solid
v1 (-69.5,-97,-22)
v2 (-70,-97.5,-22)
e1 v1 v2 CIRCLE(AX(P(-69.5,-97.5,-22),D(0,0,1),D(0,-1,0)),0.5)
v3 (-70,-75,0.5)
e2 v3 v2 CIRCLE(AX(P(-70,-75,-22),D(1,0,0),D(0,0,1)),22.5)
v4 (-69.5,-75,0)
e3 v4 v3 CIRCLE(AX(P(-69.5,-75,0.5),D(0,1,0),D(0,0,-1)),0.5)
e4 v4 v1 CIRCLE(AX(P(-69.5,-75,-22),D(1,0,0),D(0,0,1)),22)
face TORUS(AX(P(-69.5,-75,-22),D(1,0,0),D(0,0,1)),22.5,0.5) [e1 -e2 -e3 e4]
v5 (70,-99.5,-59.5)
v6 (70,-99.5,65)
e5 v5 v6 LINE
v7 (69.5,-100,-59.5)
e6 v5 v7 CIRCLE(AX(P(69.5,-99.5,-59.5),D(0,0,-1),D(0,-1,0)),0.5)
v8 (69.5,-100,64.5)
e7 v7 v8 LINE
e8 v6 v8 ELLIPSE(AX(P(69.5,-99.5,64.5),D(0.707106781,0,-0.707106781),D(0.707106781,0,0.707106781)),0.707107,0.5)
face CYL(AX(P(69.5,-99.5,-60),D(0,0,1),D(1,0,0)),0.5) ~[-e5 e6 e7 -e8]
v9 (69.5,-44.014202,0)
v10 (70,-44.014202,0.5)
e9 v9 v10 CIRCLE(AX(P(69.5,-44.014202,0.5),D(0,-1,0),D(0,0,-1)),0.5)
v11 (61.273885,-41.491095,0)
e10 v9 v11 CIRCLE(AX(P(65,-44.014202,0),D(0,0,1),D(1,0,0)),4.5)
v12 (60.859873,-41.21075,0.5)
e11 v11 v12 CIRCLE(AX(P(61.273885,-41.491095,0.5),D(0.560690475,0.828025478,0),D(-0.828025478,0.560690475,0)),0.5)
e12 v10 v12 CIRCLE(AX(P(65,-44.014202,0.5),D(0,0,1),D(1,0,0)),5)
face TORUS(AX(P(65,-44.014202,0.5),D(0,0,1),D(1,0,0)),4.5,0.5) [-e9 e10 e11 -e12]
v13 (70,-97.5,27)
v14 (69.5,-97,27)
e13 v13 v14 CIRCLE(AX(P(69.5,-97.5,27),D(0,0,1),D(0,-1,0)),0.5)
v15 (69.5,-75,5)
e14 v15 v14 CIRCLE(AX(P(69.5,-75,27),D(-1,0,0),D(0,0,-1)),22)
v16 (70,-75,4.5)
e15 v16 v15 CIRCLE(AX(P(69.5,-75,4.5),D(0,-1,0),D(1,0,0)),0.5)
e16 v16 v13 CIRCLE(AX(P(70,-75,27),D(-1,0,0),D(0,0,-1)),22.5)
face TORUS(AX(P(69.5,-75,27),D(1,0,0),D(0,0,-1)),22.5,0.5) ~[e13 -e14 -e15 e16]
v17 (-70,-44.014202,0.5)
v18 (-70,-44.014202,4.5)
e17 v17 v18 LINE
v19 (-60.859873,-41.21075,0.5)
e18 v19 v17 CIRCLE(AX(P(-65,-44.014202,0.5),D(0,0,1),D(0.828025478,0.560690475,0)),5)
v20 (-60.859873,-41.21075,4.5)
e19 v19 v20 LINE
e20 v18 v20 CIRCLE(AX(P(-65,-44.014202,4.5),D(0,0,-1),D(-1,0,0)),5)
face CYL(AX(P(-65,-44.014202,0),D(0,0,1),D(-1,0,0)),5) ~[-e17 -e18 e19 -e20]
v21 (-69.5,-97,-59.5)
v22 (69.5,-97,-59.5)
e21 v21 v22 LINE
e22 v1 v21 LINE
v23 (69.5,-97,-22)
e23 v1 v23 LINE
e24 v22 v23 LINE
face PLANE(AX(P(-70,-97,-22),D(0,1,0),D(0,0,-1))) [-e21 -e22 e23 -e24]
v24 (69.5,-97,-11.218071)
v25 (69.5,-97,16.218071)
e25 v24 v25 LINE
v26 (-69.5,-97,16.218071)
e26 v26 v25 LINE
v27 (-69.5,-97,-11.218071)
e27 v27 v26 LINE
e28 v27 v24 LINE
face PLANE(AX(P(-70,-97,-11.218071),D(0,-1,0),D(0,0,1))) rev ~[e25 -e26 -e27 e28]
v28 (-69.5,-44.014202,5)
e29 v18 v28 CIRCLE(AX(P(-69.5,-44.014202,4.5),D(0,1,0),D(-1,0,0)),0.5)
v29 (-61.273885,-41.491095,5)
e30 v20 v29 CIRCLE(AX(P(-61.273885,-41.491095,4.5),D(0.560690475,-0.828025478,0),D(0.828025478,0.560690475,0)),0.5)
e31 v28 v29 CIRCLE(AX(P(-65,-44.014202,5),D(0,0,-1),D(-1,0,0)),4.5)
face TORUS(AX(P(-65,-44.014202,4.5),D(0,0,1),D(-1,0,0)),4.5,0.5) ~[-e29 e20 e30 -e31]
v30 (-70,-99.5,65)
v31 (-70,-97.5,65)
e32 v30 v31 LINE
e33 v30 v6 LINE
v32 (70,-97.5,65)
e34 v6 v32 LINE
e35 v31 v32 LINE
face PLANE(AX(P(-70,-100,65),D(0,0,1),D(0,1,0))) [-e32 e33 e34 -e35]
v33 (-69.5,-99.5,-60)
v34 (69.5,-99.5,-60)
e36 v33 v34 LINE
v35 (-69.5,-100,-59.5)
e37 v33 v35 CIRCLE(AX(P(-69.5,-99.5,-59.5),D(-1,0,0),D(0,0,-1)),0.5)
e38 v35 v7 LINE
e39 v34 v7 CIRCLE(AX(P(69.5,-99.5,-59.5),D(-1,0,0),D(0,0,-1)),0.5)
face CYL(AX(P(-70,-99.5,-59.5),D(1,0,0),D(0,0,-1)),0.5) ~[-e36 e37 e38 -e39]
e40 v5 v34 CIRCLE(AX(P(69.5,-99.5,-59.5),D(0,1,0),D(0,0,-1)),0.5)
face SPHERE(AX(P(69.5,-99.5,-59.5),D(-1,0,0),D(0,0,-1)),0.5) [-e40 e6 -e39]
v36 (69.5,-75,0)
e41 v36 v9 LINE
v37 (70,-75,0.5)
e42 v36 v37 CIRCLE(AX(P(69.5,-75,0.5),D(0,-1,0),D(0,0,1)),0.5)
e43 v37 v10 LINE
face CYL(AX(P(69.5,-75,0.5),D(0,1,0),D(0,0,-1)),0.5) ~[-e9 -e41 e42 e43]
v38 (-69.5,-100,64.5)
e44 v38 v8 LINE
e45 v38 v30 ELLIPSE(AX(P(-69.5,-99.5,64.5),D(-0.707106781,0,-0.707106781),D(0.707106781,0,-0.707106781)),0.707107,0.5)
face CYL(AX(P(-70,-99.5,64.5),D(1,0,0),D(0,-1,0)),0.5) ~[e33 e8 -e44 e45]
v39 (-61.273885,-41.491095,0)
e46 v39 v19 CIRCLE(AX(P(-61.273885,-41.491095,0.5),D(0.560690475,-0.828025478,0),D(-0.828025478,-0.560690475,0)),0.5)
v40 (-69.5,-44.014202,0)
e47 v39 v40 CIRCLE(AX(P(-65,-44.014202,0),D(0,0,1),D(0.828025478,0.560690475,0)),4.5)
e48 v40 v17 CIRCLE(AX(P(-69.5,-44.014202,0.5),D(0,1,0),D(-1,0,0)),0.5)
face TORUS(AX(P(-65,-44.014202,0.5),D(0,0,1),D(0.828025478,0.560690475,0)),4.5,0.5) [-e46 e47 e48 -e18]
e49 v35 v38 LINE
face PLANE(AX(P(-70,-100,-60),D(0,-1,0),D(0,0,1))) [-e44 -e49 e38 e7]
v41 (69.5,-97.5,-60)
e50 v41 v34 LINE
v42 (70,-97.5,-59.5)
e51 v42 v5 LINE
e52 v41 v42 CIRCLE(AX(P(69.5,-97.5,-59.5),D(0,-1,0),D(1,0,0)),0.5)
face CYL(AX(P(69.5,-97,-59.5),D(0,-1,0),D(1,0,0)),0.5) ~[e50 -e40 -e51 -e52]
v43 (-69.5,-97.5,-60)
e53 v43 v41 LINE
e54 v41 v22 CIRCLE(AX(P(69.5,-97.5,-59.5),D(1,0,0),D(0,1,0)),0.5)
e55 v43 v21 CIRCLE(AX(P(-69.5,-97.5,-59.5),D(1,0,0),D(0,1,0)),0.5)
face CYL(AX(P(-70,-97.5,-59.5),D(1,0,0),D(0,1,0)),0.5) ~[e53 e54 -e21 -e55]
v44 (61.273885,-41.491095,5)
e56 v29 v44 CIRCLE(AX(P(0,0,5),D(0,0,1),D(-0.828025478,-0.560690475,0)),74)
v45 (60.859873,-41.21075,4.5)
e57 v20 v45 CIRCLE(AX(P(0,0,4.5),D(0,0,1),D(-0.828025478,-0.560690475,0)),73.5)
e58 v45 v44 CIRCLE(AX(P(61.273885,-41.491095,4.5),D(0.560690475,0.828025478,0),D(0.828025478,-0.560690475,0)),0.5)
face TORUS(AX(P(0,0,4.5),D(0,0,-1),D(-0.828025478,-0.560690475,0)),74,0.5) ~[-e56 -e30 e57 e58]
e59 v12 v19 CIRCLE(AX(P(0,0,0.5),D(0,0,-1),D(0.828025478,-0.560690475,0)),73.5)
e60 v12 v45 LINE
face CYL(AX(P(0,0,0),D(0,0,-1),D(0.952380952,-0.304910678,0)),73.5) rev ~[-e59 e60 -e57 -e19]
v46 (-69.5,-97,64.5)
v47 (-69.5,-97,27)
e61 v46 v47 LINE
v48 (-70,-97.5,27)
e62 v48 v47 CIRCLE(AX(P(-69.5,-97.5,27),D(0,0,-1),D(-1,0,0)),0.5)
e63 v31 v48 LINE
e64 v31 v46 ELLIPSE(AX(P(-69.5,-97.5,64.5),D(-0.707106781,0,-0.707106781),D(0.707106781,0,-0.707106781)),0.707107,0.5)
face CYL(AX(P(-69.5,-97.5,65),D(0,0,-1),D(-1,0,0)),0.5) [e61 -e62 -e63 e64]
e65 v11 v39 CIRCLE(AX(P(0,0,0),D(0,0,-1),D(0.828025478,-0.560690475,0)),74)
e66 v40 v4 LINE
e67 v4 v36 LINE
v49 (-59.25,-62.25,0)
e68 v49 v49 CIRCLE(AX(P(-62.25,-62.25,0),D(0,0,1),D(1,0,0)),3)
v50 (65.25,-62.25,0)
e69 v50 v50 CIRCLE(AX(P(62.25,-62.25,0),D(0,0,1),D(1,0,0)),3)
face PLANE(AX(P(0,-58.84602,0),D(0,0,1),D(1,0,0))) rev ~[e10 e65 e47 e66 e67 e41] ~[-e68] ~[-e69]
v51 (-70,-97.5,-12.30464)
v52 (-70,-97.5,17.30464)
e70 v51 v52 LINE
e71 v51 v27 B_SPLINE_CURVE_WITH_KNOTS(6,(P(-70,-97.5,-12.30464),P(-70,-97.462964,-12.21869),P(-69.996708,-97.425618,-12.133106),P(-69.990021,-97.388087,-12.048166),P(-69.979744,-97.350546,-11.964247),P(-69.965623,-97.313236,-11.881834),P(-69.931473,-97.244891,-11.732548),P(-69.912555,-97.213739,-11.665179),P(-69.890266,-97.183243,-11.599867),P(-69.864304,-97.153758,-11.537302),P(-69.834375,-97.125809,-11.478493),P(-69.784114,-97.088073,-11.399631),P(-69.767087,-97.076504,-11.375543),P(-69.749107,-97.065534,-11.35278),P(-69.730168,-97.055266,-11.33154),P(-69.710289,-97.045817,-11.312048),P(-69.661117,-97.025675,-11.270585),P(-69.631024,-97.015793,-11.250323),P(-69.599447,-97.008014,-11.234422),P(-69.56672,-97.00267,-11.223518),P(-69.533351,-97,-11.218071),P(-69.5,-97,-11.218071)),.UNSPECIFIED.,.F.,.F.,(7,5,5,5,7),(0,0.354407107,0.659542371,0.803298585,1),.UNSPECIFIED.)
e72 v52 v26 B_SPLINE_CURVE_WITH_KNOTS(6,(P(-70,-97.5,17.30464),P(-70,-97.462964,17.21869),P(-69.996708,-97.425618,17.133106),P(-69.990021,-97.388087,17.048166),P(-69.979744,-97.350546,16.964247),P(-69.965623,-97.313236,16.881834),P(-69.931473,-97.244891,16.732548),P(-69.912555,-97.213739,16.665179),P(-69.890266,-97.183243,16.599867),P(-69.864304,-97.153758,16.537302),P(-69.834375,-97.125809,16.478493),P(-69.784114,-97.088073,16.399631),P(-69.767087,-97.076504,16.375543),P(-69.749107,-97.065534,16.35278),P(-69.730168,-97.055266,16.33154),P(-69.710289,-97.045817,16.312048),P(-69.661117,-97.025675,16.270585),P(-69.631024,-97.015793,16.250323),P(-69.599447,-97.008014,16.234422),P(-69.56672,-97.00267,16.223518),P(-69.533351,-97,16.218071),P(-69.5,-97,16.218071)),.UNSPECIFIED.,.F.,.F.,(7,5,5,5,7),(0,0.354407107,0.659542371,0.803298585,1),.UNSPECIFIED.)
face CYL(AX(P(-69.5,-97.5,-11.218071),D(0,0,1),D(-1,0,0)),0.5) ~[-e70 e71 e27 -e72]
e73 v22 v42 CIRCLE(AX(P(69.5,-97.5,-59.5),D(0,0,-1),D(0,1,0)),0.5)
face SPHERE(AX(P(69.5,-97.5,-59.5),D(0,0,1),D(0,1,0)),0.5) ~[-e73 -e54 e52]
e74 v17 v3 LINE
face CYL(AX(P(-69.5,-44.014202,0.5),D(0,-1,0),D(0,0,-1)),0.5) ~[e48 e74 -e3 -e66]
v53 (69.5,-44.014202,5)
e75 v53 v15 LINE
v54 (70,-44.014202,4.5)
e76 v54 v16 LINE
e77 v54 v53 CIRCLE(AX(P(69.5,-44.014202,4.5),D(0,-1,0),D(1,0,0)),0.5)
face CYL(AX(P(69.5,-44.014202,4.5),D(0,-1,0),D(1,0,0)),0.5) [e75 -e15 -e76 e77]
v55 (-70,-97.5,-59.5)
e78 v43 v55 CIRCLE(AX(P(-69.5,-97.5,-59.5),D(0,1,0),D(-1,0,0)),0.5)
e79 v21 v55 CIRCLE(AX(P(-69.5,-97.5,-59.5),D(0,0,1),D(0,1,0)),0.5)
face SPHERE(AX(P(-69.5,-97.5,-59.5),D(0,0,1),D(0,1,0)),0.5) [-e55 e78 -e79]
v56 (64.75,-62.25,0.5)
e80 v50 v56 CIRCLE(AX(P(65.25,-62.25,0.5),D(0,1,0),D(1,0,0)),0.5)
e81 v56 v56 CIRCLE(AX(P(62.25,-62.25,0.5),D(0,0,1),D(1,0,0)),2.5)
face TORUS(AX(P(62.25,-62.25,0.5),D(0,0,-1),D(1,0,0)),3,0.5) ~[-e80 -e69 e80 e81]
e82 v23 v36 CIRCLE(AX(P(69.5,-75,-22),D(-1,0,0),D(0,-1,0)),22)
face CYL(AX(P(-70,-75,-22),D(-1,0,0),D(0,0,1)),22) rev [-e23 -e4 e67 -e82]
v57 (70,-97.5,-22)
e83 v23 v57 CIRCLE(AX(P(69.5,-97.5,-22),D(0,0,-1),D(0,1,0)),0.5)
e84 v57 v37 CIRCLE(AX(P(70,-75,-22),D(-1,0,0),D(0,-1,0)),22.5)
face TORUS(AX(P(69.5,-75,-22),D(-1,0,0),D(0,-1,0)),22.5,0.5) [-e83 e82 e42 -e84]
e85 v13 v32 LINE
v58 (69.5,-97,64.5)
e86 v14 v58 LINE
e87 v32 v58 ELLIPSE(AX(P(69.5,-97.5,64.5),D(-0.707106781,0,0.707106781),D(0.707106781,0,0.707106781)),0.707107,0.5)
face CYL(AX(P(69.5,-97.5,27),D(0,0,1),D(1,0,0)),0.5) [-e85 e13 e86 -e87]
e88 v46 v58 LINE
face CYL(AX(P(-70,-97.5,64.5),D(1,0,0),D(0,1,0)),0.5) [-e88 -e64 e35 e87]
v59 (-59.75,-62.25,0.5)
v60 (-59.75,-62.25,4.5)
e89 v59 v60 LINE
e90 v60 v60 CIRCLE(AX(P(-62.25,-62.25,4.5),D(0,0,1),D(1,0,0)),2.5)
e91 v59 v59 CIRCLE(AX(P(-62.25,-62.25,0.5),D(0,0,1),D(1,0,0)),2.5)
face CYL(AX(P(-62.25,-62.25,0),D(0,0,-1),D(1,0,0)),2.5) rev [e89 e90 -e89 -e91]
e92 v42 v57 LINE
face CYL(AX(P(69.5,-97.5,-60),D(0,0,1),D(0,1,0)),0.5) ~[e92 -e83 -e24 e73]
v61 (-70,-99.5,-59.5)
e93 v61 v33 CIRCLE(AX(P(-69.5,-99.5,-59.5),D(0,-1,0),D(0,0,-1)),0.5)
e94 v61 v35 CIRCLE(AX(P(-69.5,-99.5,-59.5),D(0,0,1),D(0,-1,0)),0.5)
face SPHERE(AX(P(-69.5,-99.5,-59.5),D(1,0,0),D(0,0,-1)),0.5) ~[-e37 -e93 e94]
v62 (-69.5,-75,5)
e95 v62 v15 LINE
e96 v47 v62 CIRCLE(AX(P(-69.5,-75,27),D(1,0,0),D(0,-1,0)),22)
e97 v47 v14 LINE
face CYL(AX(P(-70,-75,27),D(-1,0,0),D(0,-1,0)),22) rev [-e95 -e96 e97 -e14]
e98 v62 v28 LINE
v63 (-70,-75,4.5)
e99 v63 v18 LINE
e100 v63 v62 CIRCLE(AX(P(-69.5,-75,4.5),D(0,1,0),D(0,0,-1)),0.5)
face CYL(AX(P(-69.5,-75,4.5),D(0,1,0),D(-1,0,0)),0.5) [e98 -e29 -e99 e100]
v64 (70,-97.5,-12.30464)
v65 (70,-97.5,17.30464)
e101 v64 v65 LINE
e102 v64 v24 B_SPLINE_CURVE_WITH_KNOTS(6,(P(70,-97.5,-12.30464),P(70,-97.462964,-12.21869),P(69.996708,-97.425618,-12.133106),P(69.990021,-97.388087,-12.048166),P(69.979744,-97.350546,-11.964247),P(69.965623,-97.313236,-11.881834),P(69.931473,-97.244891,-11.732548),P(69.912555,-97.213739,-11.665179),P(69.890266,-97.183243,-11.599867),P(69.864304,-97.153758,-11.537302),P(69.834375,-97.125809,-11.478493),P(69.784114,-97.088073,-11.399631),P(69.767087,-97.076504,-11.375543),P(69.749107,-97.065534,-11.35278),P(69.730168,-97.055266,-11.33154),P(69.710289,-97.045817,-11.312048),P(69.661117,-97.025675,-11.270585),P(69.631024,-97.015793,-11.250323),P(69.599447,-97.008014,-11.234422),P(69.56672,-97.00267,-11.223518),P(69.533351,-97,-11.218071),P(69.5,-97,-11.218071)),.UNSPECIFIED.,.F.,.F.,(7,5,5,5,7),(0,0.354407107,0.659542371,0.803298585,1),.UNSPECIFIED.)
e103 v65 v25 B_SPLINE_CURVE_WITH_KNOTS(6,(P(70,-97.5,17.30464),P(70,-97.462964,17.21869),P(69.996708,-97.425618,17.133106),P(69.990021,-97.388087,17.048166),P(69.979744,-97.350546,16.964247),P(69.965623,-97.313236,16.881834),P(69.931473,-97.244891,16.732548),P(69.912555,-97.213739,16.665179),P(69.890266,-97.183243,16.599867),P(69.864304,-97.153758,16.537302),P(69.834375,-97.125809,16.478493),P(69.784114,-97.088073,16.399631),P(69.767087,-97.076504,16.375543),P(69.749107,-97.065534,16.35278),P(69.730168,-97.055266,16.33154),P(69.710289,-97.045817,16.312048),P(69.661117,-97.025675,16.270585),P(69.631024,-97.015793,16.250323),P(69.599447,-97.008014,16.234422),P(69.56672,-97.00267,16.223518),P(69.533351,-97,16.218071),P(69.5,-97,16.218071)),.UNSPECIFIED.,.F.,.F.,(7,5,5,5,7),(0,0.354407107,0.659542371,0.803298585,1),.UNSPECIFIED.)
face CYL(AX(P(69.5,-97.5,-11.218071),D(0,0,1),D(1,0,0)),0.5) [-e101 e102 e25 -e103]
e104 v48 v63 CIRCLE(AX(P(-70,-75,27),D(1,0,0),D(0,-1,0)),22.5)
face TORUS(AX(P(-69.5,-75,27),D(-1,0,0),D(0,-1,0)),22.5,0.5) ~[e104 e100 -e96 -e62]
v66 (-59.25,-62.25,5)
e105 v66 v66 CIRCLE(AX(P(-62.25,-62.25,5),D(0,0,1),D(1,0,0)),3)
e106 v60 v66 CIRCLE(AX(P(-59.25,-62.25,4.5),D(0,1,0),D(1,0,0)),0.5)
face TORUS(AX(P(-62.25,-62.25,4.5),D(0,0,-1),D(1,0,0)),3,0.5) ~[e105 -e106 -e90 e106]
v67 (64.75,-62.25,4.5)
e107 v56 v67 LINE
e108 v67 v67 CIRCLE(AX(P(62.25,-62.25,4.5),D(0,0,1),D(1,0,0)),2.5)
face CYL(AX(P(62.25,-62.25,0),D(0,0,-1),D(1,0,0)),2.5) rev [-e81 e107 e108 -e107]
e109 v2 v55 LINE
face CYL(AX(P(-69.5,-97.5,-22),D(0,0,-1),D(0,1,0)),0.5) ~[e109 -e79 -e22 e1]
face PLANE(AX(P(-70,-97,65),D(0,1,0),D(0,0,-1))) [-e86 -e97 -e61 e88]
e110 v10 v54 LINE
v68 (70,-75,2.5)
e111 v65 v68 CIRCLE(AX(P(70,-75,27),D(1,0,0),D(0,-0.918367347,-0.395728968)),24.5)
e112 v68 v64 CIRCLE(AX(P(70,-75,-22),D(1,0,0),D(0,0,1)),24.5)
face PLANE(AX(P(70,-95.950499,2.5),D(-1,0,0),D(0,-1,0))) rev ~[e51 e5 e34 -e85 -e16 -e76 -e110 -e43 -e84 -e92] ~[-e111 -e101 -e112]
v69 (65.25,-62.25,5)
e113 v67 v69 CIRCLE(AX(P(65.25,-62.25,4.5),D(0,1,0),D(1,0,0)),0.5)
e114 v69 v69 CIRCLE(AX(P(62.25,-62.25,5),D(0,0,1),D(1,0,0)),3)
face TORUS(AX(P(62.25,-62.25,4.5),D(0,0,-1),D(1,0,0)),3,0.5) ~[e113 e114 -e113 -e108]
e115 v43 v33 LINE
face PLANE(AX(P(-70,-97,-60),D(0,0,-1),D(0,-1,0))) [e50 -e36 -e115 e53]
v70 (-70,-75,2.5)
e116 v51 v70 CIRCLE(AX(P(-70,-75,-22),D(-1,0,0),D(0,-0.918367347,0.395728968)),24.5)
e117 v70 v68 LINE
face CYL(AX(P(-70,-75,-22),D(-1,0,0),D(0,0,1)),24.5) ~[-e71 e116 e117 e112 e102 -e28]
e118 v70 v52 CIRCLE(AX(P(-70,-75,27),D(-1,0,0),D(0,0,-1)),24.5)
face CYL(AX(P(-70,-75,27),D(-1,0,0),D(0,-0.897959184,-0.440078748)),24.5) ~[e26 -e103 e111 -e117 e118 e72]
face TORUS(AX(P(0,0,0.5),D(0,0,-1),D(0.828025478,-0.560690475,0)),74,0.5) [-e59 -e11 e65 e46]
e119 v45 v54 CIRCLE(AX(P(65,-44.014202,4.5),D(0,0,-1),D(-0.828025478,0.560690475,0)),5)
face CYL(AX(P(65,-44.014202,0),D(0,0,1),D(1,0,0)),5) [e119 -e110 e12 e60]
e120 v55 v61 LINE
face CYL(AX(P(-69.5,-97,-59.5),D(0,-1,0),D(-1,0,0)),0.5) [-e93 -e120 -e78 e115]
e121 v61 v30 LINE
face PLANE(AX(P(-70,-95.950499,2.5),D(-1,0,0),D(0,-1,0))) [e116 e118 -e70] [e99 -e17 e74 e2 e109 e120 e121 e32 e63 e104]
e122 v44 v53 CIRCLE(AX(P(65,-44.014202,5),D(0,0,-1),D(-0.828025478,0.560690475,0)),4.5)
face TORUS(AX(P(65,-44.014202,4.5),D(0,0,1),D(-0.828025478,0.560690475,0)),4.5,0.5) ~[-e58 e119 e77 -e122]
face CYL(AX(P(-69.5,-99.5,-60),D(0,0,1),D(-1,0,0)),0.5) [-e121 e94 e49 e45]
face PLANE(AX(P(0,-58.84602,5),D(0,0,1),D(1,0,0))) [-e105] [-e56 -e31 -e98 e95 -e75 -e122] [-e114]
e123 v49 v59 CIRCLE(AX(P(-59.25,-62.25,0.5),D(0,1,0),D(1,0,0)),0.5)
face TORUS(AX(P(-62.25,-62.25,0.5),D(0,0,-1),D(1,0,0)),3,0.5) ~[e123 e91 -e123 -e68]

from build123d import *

# Parameters (mm, degrees)
F0_R     = 2.5
F1_DEPTH = 5
F3_DEPTH = 140
F4_DEPTH = 140.001
F5_R     = 5
F6_R     = 0.5


with BuildPart() as f1:
    # F0 (on Top) → F1 (new body)
    with BuildSketch(Plane.XY):
        with BuildLine():
            ThreePointArc((70, -22.410934831), (0, -73.5), (-70, -22.410934831))
            Line((-70, -22.410934831), (-70, -75))
            Line((-70, -75), (70, -75))
            Line((70, -75), (70, -22.410934831))
        make_face()
        with Locations((-62.25, -62.25)):
            Circle(F0_R, mode=Mode.SUBTRACT)
        with Locations((62.25, -62.25)):
            Circle(F0_R, mode=Mode.SUBTRACT)
    extrude(amount=F1_DEPTH)

    # F2 (on face) → F3 (join, through all)
    with BuildSketch(Plane(origin=(-70, 0, 0), x_dir=(0, -1, 0), z_dir=(-1, 0, 0))):
        with BuildLine():
            ThreePointArc((75, 0), (90.5563491861, -6.4436508139), (97, -22))
            Line((97, -22), (97, -60))
            Line((97, -60), (100, -60))
            Line((100, -60), (100, 65))
            Line((100, 65), (97, 65))
            Line((97, 65), (97, 27))
            ThreePointArc((97, 27), (90.5563491861, 11.4436508139), (75, 5))
            Line((75, 5), (75, 2.5))
            Line((75, 2.5), (75, 0))
        make_face()
        with BuildLine():
            ThreePointArc((97, -11.2180706736), (87.9632698711, -1.2104922076), (75, 2.5))
            ThreePointArc((75, 2.5), (87.9632698711, 6.2104922076), (97, 16.2180706736))
            Line((97, 16.2180706736), (97, -11.2180706736))
        make_face(mode=Mode.SUBTRACT)
        with BuildLine():
            ThreePointArc((97, 16.2180706736), (87.9632698711, 6.2104922076), (75, 2.5))
            ThreePointArc((75, 2.5), (87.9632698711, -1.2104922076), (97, -11.2180706736))
            Line((97, -11.2180706736), (97, 16.2180706736))
        make_face()
    extrude(amount=-F3_DEPTH)

    # F2 (on face) → F4 (cut, through all)
    with BuildSketch(Plane(origin=(-70, 0, 0), x_dir=(0, -1, 0), z_dir=(-1, 0, 0))):
        with BuildLine():
            ThreePointArc((97, 16.2180706736), (87.9632698711, 6.2104922076), (75, 2.5))
            ThreePointArc((75, 2.5), (87.9632698711, -1.2104922076), (97, -11.2180706736))
            Line((97, -11.2180706736), (97, 16.2180706736))
        make_face()
    extrude(amount=-F4_DEPTH, mode=Mode.SUBTRACT)

    # F5
    f5_edges = [f1.edges().sort_by_distance(p)[0] for p in [
        (70, -22.410935, 2.5),
        (-70, -22.410935, 2.5),
    ]]
    fillet(f5_edges, radius=F5_R)

    # F6
    f6_edges = [f1.edges().sort_by_distance(p)[0] for p in [
        (0, -73.5, 0),
        (0, -97, -60),
        (0, -100, -60),
        (-70, -98.5, -60),
        (70, -98.5, -60),
        (-70, -97, 2.5),
        (0, -97, 27),
        (0, -75, 5),
        (-70, -90.556349, 11.443651),
        (70, -90.556349, 11.443651),
        (0, -97, 65),
        (-70, -97, 46),
        (70, -97, 46),
        (70, -97, 2.5),
        (70, -100, 2.5),
        (0, -100, 65),
        (-70, -100, 2.5),
        (64.75, -62.25, 2.5),
        (59.75, -62.25, 0),
        (59.75, -62.25, 5),
        (-59.75, -62.25, 2.5),
        (-64.75, -62.25, 0),
        (-64.75, -62.25, 5),
    ]]
    fillet(f6_edges, radius=F6_R)


solid = f1.part
